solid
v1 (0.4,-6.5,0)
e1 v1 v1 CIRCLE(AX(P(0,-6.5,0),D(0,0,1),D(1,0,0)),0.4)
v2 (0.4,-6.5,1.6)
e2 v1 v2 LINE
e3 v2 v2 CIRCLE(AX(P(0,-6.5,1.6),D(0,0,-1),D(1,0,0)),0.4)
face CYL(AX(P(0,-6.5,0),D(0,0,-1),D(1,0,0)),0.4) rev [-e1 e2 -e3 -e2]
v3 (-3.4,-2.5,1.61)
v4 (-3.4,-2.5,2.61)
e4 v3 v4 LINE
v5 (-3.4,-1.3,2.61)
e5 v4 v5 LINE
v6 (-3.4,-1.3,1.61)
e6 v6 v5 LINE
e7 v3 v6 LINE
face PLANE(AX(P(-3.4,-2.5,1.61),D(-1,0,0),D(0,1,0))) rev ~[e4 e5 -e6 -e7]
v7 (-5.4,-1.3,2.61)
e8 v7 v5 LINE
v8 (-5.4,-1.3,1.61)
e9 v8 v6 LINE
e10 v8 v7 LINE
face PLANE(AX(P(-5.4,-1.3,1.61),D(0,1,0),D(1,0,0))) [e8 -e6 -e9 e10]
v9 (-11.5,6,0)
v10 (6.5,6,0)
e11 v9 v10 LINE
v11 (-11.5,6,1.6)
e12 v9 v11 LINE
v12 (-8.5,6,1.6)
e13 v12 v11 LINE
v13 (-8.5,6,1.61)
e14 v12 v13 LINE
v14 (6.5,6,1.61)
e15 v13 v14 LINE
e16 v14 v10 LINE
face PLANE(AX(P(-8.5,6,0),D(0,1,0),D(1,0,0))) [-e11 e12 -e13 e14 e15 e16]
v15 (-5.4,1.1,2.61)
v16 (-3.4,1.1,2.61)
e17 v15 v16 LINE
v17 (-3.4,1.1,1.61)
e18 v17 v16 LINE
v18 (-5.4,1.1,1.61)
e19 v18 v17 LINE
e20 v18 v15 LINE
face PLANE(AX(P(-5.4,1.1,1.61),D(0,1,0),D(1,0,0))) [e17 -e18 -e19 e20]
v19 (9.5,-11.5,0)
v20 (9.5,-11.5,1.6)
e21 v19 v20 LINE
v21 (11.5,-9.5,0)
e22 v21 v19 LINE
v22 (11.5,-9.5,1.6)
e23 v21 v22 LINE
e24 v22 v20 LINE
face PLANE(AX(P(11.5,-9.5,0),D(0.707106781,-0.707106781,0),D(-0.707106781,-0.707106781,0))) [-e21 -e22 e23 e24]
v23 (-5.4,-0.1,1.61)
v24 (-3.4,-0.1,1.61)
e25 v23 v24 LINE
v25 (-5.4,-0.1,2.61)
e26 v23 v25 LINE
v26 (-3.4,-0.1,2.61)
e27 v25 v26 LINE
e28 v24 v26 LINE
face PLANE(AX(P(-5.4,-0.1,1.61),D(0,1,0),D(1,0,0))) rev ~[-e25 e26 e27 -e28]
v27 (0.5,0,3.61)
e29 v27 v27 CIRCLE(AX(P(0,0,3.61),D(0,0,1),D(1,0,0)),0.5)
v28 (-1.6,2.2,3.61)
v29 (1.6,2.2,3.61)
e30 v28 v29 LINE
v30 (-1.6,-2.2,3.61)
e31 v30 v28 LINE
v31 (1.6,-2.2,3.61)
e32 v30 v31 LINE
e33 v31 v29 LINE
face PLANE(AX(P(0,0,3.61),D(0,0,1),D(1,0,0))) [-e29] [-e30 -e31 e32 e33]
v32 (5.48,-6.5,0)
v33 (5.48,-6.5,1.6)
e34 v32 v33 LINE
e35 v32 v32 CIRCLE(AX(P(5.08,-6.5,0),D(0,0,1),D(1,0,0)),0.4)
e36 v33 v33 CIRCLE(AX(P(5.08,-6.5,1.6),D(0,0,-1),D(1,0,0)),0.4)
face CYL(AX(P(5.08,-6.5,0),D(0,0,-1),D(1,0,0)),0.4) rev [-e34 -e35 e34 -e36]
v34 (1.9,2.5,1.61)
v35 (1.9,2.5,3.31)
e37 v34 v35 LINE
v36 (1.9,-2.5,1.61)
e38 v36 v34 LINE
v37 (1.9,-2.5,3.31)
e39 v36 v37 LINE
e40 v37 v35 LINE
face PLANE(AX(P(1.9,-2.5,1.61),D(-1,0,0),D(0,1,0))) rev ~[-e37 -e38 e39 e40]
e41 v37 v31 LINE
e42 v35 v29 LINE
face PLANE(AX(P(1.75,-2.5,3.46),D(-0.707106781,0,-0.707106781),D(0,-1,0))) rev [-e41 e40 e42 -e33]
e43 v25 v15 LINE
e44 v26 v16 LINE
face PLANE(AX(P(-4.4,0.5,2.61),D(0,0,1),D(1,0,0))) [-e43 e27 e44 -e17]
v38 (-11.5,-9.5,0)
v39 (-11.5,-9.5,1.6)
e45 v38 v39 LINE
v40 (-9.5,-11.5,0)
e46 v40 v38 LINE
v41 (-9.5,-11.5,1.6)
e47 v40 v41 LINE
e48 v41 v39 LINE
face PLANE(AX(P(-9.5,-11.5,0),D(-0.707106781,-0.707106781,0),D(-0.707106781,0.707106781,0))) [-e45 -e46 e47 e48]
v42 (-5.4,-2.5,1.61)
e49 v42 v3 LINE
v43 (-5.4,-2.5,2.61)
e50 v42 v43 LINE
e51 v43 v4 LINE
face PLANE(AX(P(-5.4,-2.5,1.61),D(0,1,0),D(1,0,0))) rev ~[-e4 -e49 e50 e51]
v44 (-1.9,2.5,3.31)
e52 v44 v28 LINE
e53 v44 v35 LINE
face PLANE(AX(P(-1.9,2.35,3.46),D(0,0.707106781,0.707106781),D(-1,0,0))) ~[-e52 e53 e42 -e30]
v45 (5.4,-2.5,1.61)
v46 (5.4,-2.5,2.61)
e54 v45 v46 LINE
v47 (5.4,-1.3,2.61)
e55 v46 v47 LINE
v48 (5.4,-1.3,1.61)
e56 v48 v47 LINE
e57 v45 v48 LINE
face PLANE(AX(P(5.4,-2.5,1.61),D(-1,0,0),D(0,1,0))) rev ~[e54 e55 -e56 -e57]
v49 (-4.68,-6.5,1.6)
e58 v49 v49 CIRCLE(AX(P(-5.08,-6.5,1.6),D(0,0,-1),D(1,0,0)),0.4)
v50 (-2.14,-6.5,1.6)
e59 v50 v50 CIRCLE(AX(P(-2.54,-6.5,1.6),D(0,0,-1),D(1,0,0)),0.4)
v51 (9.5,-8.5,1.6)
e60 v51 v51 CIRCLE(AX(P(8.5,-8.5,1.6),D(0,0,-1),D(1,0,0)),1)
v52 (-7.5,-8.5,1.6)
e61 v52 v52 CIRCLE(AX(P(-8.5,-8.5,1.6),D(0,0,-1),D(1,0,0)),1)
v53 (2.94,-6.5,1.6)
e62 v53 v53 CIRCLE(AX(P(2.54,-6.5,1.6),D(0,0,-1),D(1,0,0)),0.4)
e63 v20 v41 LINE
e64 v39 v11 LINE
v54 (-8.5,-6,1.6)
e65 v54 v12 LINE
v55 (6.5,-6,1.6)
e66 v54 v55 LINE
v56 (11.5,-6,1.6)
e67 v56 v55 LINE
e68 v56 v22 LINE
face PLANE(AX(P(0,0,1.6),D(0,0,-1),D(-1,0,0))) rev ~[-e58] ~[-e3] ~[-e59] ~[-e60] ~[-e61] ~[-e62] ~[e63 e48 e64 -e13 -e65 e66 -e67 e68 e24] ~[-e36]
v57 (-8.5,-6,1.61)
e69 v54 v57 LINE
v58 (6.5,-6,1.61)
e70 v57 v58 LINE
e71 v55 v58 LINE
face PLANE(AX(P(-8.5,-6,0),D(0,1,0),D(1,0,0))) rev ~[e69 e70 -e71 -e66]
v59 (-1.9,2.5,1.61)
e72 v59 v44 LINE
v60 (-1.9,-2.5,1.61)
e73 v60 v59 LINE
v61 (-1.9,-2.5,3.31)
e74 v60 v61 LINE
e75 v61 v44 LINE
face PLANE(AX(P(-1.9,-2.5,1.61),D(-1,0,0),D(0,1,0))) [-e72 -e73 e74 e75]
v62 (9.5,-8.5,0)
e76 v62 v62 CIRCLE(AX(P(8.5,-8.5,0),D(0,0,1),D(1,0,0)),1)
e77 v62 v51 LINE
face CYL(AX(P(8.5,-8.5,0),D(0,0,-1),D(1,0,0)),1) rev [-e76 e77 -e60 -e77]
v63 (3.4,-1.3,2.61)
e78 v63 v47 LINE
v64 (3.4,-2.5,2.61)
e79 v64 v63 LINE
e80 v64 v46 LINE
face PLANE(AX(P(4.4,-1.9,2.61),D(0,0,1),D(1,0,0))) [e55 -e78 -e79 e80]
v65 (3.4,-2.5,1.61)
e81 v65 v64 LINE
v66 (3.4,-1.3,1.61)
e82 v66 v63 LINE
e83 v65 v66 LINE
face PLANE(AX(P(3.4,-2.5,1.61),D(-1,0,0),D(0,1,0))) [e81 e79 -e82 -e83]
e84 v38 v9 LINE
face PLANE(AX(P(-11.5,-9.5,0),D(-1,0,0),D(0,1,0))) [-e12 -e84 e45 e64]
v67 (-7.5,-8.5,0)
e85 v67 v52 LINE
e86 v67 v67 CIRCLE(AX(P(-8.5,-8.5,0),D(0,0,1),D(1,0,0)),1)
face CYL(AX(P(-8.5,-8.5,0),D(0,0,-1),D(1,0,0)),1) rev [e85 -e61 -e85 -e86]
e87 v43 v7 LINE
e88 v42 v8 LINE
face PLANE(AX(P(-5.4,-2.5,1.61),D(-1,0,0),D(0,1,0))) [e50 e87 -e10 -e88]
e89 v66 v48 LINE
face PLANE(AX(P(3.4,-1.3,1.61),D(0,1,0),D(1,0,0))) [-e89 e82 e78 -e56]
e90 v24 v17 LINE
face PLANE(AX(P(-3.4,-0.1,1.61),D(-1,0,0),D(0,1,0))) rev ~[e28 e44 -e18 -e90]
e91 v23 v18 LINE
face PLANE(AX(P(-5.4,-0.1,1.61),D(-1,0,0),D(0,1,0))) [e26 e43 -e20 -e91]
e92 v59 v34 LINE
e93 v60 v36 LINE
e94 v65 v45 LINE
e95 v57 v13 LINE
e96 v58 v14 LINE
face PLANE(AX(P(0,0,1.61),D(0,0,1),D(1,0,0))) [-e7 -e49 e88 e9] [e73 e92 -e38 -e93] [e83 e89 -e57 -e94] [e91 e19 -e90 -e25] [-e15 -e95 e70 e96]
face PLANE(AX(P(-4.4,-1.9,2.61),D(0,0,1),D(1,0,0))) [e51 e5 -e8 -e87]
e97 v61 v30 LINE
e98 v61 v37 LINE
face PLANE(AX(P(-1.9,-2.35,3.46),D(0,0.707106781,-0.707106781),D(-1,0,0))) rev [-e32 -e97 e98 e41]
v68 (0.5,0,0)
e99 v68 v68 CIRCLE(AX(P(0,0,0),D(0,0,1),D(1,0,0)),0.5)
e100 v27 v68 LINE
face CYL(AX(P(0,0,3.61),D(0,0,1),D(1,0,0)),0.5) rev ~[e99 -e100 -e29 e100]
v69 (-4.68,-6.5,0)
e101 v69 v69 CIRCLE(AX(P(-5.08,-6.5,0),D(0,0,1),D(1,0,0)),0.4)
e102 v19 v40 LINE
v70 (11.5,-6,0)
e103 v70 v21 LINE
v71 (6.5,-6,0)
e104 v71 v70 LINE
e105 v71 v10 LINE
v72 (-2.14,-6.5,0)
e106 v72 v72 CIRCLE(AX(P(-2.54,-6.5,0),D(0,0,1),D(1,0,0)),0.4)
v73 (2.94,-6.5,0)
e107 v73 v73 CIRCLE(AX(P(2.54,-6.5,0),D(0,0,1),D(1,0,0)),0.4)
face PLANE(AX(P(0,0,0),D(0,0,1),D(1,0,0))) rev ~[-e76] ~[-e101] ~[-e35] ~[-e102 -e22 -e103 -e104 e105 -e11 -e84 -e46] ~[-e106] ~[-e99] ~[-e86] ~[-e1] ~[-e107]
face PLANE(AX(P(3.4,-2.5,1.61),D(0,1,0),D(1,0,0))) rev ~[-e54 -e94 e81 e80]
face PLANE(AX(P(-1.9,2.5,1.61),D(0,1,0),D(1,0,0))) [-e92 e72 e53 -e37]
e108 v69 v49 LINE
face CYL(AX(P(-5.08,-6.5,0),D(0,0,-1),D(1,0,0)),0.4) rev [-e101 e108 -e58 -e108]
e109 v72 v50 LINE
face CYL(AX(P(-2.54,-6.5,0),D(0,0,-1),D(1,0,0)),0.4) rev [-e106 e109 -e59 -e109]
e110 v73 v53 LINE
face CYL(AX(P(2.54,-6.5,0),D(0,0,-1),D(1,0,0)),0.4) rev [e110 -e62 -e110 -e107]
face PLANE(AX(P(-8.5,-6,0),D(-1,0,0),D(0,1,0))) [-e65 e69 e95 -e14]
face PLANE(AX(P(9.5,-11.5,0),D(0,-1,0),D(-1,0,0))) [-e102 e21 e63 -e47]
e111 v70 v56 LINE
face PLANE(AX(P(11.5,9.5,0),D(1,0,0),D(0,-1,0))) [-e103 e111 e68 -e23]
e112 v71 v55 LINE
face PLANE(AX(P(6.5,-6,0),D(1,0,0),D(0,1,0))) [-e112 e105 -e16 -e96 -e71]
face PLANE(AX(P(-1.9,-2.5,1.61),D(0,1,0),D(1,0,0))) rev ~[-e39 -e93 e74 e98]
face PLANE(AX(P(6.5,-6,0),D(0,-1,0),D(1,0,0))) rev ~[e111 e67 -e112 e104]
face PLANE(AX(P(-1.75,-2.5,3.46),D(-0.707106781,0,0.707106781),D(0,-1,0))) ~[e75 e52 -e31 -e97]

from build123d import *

# Parameters (mm, degrees)
BOSS_EXTRUDE1_DEPTH = 1.6
SKETCH2_W           = 17
SKETCH2_H           = 12
BOSS_EXTRUDE2_DEPTH = 1.61
SKETCH3_R           = 0.4
CUT_EXTRUDE1_DEPTH  = 2.62
BOSS_EXTRUDE4_START = 1.61
SKETCH4_W           = 3.8
SKETCH4_H           = 5
BOSS_EXTRUDE4_DEPTH = 2
BOSS_EXTRUDE5_START = 1.61
SKETCH5_W           = 2
SKETCH5_H           = 1.2
BOSS_EXTRUDE5_DEPTH = 1
CHAMFER1_SIZE       = 0.3
SKETCH8_R           = 1
CUT_EXTRUDE2_DEPTH  = 3.5
SKETCH9_W           = 23
SKETCH9_H           = 5.5
CUT_EXTRUDE3_DEPTH  = 3.5
SKETCH10_W          = 5
SKETCH10_H          = 12
CUT_EXTRUDE4_DEPTH  = 3.5
CUT_EXTRUDE5_START  = 3.61
SKETCH11_R          = 0.5
CUT_EXTRUDE5_DEPTH  = 5


with BuildPart() as part:
    # Sketch1 → Boss-Extrude1 (new body)
    with BuildSketch(Plane.XY):
        Polygon((-11.5, 9.5), (-9.5, 11.5), (9.5, 11.5), (11.5, 9.5), (11.5, -9.5), (9.5, -11.5), (-9.5, -11.5), (-11.5, -9.5), align=None)
    extrude(amount=BOSS_EXTRUDE1_DEPTH)

    # Sketch2 → Boss-Extrude2 (add)
    with BuildSketch(Plane.XY):
        Rectangle(SKETCH2_W, SKETCH2_H)
    extrude(amount=BOSS_EXTRUDE2_DEPTH)

    # Sketch3 → Cut-Extrude1 (cut)
    with BuildSketch(Plane.XY):
        with Locations((-5.08, -6.5)):
            Circle(SKETCH3_R)
        with Locations((-2.54, -6.5)):
            Circle(SKETCH3_R)
        with Locations((0, -6.5)):
            Circle(SKETCH3_R)
        with Locations((2.54, -6.5)):
            Circle(SKETCH3_R)
        with Locations((5.08, -6.5)):
            Circle(SKETCH3_R)
    extrude(amount=CUT_EXTRUDE1_DEPTH, mode=Mode.SUBTRACT)

    # Sketch4 → Boss-Extrude4 (add)
    with BuildSketch(Plane.XY.offset(BOSS_EXTRUDE4_START)):
        Rectangle(SKETCH4_W, SKETCH4_H)
    extrude(amount=BOSS_EXTRUDE4_DEPTH)

    # Sketch5 → Boss-Extrude5 (add)
    with BuildSketch(Plane.XY.offset(BOSS_EXTRUDE5_START)):
        with Locations((-4.4, -1.9)):
            Rectangle(SKETCH5_W, SKETCH5_H)
        with Locations((-4.4, 0.5)):
            Rectangle(SKETCH5_W, SKETCH5_H)
        with Locations((4.4, -1.9)):
            Rectangle(SKETCH5_W, SKETCH5_H)
    extrude(amount=BOSS_EXTRUDE5_DEPTH)

    # Chamfer1
    chamfer1_edges = [part.edges().sort_by_distance(p)[0] for p in [
        (1.9, 0, 3.61),
        (0, 2.5, 3.61),
        (-1.9, 0, 3.61),
        (0, -2.5, 3.61),
    ]]
    chamfer(chamfer1_edges, length=CHAMFER1_SIZE)

    # Sketch8 → Cut-Extrude2 (cut, symmetric)
    with BuildSketch(Plane.XY):
        with Locations((8.5, -8.5)):
            Circle(SKETCH8_R)
        with Locations((-8.5, -8.5)):
            Circle(SKETCH8_R)
        with Locations((8.5, 8.5)):
            Circle(SKETCH8_R)
        with Locations((-8.5, 8.5)):
            Circle(SKETCH8_R)
    extrude(amount=CUT_EXTRUDE2_DEPTH, both=True, mode=Mode.SUBTRACT)

    # Sketch9 → Cut-Extrude3 (cut, symmetric)
    with BuildSketch(Plane.XY):
        with Locations((0, 8.75)):
            Rectangle(SKETCH9_W, SKETCH9_H)
    extrude(amount=CUT_EXTRUDE3_DEPTH, both=True, mode=Mode.SUBTRACT)

    # Sketch10 → Cut-Extrude4 (cut, symmetric)
    with BuildSketch(Plane.XY):
        with Locations((9, 0)):
            Rectangle(SKETCH10_W, SKETCH10_H)
    extrude(amount=CUT_EXTRUDE4_DEPTH, both=True, mode=Mode.SUBTRACT)

    # Sketch11 → Cut-Extrude5 (cut)
    with BuildSketch(Plane.XY.offset(CUT_EXTRUDE5_START)):
        Circle(SKETCH11_R)
    extrude(amount=-CUT_EXTRUDE5_DEPTH, mode=Mode.SUBTRACT)


solid = part.part
